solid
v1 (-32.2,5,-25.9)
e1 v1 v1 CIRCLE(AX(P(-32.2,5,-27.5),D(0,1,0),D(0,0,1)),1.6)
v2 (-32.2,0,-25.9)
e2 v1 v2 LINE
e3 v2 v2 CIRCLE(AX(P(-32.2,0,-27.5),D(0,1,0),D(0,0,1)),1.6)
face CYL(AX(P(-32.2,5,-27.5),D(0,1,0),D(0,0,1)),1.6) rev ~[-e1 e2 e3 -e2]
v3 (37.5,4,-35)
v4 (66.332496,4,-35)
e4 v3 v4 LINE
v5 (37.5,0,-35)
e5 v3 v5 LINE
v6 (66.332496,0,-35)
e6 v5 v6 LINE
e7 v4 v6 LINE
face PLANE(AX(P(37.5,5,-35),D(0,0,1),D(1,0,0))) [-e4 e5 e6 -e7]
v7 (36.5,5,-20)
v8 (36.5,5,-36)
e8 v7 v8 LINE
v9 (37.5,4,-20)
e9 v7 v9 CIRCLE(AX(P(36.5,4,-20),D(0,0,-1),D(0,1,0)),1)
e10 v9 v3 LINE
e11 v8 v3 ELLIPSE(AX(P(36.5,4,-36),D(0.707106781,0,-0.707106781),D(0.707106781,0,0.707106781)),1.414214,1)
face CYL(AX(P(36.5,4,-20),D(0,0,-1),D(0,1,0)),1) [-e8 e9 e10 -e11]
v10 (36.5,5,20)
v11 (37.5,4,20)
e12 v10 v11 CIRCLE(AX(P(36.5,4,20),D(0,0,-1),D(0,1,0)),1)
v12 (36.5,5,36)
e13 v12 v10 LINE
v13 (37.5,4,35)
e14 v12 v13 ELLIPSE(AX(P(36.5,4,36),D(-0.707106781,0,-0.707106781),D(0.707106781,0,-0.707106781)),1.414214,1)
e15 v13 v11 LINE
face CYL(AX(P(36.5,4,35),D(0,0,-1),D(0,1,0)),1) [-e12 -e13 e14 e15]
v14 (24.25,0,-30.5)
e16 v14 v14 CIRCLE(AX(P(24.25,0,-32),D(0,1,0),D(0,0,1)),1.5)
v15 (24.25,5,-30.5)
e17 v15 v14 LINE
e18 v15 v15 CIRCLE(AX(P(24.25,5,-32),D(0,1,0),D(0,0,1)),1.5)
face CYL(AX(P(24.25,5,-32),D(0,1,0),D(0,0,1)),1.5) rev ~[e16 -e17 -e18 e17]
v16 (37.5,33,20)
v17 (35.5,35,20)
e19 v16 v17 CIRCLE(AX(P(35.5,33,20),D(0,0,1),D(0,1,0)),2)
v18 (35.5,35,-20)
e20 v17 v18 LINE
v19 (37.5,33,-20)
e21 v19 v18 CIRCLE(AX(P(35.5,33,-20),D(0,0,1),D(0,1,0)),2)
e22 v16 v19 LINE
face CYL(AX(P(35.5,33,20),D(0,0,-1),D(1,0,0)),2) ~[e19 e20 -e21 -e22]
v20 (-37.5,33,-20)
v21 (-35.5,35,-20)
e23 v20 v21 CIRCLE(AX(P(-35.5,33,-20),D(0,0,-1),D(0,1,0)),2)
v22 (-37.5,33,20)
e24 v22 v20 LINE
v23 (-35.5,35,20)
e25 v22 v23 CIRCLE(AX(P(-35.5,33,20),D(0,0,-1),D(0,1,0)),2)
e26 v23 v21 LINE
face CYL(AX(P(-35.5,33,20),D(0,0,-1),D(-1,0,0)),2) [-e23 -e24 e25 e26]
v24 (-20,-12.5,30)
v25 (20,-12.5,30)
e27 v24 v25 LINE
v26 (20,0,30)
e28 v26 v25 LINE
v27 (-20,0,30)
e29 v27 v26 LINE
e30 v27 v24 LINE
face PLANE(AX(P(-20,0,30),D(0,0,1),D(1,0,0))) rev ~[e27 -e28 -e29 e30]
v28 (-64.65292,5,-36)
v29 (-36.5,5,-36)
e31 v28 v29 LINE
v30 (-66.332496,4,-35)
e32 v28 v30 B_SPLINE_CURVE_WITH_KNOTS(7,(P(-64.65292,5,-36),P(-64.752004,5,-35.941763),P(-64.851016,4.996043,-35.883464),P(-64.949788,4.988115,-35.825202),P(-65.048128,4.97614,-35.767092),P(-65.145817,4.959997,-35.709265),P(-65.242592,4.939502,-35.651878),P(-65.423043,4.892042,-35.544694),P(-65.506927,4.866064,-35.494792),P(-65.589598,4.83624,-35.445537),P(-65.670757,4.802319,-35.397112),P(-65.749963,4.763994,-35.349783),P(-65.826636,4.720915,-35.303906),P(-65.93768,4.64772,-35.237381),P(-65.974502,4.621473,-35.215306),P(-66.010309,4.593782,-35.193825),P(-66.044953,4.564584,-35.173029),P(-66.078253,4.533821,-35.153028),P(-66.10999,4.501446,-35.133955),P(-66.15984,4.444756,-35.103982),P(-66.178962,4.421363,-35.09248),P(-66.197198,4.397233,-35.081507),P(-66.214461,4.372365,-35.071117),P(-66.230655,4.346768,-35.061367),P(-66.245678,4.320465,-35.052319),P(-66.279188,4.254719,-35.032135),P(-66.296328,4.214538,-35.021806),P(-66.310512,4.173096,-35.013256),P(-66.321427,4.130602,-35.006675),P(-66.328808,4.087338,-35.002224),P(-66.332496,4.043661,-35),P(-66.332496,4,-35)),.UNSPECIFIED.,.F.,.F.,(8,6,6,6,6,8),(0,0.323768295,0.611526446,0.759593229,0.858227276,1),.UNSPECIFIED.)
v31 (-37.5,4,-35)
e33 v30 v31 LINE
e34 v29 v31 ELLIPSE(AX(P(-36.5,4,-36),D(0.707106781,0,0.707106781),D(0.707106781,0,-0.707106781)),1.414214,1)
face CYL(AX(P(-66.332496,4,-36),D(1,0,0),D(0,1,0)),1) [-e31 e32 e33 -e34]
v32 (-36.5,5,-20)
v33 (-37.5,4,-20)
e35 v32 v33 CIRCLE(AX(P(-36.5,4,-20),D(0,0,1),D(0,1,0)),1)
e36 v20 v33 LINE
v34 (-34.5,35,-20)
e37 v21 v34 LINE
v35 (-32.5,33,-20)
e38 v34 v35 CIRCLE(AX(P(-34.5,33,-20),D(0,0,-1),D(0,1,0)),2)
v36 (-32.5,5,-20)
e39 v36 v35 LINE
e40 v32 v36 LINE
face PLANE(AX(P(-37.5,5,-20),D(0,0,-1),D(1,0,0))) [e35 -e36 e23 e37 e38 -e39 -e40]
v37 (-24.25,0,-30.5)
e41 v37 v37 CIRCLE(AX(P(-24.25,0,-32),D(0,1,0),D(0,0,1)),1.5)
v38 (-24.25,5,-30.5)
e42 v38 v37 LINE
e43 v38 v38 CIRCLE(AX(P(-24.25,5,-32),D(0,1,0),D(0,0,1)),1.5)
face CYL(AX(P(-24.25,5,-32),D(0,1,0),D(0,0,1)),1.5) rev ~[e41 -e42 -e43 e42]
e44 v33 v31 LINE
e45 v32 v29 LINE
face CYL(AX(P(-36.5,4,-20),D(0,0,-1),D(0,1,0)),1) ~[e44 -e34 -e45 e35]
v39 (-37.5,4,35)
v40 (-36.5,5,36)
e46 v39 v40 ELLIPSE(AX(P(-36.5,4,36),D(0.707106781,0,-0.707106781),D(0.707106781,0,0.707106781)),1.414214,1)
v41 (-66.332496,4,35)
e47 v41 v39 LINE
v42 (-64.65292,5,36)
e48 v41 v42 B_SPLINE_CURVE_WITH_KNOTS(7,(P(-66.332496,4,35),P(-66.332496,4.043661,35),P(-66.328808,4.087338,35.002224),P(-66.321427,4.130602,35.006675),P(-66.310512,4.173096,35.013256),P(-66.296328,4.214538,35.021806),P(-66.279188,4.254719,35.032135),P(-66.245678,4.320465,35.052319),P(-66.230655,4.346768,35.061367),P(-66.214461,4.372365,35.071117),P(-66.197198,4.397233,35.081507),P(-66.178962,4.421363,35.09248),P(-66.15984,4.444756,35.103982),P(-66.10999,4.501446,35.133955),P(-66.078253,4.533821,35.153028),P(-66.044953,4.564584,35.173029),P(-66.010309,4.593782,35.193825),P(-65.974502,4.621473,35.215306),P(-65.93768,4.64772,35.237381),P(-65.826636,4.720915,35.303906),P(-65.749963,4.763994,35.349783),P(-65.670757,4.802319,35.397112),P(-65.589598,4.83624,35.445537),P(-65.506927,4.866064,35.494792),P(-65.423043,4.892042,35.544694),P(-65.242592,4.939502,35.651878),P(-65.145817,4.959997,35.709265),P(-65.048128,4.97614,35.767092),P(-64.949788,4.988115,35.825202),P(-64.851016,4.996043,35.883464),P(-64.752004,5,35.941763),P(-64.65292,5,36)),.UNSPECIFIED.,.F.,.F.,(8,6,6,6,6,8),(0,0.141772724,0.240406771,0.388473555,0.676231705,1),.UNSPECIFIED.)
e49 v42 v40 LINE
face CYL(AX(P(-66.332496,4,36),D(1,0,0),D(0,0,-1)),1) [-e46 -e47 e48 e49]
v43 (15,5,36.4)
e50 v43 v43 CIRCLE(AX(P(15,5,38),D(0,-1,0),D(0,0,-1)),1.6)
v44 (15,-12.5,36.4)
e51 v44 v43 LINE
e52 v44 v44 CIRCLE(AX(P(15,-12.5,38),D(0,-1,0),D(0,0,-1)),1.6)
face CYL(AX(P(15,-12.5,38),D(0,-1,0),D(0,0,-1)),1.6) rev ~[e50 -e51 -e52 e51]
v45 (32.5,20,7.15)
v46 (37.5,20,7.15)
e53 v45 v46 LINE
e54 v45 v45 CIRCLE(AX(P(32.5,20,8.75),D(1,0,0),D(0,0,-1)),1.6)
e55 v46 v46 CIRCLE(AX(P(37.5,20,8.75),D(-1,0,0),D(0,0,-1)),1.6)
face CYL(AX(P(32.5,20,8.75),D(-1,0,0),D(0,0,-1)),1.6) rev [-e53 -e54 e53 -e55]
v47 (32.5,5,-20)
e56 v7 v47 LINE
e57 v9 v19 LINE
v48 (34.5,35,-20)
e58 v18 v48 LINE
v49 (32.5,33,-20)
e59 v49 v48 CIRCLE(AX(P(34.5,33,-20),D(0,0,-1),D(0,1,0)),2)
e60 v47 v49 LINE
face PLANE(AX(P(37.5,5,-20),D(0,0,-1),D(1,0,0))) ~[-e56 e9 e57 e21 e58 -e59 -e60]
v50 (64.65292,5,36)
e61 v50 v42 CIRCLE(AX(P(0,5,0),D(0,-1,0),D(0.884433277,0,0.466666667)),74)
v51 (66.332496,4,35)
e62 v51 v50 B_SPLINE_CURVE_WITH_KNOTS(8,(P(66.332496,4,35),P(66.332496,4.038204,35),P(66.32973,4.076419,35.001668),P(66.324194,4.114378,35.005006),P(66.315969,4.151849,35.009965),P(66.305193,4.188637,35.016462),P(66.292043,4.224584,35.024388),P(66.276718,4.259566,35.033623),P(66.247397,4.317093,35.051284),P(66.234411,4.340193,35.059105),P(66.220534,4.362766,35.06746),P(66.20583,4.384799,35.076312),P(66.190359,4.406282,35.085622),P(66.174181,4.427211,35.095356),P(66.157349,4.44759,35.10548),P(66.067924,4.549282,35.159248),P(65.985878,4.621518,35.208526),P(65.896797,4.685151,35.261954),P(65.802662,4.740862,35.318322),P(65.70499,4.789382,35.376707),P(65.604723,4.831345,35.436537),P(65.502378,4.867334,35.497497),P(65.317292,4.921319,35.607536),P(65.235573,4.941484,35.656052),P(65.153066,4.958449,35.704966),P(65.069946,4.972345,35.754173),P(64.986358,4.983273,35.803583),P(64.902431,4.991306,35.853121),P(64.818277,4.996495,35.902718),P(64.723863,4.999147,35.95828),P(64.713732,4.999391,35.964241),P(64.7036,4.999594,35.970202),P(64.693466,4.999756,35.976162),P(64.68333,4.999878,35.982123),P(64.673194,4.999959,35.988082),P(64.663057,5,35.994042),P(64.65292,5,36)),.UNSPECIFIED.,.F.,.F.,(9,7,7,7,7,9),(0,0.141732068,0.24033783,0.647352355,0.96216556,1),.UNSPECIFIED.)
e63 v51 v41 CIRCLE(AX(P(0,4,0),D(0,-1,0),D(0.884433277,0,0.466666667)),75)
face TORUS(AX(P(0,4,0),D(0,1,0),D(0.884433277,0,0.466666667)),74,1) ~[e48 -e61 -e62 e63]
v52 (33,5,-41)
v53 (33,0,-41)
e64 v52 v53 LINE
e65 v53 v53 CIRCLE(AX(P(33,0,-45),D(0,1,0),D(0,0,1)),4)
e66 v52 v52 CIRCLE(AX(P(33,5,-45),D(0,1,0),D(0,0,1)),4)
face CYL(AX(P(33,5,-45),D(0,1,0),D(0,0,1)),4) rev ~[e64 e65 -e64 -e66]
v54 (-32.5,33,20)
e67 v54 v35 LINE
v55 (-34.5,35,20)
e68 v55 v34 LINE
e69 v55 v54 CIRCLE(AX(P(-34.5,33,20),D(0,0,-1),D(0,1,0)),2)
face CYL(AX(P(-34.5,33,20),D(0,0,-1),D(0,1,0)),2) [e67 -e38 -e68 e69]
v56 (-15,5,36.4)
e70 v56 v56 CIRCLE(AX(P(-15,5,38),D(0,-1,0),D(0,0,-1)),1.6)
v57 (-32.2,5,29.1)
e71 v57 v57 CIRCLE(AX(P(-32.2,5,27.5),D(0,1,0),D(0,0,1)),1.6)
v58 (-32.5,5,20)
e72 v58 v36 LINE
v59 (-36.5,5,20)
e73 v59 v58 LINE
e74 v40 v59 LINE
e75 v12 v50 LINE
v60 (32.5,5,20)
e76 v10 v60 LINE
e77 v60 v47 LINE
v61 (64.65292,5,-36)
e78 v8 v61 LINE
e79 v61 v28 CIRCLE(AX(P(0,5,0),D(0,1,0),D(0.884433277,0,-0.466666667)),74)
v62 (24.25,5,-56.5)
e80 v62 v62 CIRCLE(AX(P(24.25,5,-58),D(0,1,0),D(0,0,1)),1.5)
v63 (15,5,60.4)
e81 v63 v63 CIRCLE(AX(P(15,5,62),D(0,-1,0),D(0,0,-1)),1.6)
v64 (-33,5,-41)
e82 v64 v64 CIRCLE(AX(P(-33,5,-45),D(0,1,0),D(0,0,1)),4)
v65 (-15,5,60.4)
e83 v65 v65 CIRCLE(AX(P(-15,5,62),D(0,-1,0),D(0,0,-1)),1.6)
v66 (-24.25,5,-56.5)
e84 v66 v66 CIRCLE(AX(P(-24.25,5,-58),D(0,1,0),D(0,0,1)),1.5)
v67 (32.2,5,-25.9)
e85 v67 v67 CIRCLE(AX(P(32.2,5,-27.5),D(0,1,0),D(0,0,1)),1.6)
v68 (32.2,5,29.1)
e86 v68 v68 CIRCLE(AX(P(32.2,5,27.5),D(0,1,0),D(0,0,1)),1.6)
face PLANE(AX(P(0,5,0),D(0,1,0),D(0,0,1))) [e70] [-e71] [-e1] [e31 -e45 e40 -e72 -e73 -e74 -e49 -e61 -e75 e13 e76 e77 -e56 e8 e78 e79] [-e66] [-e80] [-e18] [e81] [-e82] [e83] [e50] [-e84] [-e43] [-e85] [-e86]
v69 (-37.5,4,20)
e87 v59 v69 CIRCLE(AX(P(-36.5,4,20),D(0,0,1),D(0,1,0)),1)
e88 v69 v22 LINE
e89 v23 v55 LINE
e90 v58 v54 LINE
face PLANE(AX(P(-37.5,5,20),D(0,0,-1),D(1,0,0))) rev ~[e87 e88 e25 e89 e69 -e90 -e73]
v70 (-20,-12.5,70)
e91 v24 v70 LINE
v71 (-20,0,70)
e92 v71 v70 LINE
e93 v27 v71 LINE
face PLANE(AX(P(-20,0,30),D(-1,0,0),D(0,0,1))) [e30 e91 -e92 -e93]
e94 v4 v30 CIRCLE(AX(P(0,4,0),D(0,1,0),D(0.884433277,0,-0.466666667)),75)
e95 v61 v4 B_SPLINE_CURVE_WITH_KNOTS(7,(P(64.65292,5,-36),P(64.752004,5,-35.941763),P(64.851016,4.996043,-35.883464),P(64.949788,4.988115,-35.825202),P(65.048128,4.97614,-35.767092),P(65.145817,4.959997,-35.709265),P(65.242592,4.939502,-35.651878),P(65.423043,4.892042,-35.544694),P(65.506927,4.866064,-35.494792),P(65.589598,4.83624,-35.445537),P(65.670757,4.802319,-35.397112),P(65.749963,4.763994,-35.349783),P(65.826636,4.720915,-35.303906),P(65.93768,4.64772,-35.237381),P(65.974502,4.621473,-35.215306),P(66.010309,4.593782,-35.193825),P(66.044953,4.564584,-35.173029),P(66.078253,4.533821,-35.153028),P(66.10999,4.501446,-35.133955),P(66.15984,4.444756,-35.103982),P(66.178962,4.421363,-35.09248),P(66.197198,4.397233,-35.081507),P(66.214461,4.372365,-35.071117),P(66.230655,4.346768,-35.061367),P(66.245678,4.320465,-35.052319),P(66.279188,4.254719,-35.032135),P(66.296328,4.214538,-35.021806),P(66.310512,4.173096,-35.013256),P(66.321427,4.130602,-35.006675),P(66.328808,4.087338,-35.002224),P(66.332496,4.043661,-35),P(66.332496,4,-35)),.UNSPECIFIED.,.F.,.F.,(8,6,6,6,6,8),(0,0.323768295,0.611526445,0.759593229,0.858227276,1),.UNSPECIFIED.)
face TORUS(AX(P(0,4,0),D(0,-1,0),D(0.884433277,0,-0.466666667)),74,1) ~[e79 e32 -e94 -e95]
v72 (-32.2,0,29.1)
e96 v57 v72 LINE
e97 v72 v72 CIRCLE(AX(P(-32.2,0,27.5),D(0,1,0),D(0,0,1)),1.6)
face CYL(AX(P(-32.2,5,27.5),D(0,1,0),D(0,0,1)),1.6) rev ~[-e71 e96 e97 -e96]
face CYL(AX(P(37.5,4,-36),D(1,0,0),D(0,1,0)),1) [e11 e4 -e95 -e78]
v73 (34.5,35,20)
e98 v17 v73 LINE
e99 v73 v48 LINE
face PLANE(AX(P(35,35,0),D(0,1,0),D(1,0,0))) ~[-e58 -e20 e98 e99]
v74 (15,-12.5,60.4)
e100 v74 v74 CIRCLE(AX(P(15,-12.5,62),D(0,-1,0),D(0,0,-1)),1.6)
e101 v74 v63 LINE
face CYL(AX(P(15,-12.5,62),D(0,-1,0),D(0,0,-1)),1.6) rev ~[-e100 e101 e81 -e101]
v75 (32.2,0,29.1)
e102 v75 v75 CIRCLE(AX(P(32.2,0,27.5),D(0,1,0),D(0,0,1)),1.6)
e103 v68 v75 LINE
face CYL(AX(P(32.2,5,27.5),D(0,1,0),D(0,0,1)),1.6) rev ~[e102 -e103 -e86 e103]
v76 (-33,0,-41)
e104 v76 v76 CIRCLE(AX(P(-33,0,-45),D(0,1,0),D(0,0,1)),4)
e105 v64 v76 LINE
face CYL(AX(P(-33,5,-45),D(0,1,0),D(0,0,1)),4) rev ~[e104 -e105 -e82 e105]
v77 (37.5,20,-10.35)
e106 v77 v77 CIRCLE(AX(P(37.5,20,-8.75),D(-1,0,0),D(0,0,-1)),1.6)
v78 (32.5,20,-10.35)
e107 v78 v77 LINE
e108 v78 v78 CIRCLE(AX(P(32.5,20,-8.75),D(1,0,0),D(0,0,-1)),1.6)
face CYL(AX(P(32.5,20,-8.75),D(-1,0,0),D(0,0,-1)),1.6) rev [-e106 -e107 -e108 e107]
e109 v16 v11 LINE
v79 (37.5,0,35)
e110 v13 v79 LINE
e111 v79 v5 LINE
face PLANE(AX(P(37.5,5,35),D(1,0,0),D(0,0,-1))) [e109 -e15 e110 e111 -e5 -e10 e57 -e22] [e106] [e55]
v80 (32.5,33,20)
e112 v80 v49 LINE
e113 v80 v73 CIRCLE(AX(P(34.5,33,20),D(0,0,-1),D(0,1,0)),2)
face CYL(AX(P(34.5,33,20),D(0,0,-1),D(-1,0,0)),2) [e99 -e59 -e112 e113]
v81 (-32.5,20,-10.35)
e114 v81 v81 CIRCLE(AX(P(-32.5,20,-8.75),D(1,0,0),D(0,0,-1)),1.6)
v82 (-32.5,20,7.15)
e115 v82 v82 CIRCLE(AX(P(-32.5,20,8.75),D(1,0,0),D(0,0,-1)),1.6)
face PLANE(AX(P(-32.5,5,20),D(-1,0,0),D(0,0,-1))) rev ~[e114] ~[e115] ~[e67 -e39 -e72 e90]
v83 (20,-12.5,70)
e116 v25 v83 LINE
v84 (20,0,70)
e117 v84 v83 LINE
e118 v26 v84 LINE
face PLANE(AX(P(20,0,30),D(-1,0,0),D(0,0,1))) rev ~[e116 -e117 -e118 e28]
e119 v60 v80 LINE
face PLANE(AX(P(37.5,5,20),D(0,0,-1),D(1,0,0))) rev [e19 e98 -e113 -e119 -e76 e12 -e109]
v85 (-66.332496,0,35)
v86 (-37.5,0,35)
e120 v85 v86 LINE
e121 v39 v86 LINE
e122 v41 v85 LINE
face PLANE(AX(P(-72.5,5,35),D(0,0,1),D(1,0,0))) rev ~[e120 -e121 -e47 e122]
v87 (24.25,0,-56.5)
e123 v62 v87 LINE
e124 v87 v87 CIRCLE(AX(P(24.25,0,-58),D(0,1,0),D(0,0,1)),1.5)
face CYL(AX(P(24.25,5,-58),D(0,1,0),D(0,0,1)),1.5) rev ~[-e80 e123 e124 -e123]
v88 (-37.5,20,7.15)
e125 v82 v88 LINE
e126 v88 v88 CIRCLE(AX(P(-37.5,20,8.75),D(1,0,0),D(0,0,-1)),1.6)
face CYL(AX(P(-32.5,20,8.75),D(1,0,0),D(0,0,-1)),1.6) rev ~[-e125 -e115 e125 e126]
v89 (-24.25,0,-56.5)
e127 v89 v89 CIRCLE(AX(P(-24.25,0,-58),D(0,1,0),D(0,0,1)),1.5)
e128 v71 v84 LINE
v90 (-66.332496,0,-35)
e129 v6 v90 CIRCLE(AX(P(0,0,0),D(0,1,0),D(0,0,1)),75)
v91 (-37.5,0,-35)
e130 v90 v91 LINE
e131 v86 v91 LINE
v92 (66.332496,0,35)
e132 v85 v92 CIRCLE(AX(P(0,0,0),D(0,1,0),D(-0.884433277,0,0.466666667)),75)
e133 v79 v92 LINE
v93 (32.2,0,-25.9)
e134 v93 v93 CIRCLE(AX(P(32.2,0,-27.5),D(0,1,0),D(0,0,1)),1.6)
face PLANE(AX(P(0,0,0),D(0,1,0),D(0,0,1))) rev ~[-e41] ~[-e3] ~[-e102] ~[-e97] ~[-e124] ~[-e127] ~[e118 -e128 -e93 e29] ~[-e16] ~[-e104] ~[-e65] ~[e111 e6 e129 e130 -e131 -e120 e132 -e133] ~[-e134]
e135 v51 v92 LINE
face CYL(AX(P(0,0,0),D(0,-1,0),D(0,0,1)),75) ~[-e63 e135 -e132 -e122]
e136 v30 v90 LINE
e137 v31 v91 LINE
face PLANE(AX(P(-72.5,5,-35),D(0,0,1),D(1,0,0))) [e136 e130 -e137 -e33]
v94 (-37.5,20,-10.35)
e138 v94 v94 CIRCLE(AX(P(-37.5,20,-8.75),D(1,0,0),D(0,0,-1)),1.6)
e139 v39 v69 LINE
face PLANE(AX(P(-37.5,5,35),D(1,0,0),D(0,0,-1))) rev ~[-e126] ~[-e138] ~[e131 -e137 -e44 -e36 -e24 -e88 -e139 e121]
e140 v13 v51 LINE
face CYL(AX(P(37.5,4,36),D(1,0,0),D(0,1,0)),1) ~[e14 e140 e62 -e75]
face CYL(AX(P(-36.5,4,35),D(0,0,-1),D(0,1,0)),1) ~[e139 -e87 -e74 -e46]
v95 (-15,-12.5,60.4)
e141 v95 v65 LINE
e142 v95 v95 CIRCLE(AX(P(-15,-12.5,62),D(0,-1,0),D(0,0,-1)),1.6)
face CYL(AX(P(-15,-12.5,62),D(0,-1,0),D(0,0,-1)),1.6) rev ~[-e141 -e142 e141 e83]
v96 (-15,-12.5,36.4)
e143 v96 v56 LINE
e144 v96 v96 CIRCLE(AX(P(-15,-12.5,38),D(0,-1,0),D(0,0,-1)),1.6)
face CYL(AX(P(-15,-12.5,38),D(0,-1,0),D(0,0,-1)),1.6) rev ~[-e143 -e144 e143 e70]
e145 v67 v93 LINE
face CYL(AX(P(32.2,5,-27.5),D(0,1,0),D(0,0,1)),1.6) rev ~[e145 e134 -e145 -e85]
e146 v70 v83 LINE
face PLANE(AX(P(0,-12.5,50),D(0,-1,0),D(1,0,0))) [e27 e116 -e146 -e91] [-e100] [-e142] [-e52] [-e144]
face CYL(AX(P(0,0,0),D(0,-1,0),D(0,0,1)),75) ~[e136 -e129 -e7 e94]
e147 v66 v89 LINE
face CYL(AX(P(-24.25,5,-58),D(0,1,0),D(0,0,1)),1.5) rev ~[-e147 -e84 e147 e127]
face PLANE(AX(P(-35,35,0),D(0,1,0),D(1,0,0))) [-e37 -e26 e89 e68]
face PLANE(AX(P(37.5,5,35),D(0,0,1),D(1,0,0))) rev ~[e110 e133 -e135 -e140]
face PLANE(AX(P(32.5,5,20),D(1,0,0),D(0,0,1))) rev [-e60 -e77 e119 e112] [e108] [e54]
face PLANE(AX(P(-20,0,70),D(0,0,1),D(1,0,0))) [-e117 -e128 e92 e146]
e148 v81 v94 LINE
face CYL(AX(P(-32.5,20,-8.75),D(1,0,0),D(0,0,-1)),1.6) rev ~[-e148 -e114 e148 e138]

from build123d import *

# Parameters (mm, degrees)
SKETCH1_R           = 75
BOSS_EXTRUDE2_DEPTH = 5
SKETCH5_W           = 35
SKETCH5_H           = 70
CUT_EXTRUDE1_DEPTH  = 107.183802908
SKETCH6_W           = 5
SKETCH6_H           = 40
BOSS_EXTRUDE3_DEPTH = 30
SKETCH7_R           = 1.6
CUT_EXTRUDE2_DEPTH  = 136.669635512
SKETCH8_W           = 40
SKETCH8_H           = 40
BOSS_EXTRUDE5_DEPTH = 12.5
SKETCH9_R           = 1.6
CUT_EXTRUDE3_DEPTH  = 111.820801297
SKETCH10_R          = 1.6
SKETCH10_R_2        = 4
CUT_EXTRUDE8_DEPTH  = 105.522724802
SKETCH13_R          = 1.5
CUT_EXTRUDE9_DEPTH  = 105.522724802
FILLET1_R           = 1
FILLET2_R           = 2


with BuildPart() as part:
    # Sketch1 → Boss-Extrude2 (new body)
    with BuildSketch(Plane(origin=(0, 0, 0), x_dir=(1, 0, 0), z_dir=(0, 1, 0))):
        with Locations(Location((0, 0, 0), (0, 0, 270))):
            Circle(SKETCH1_R)
    extrude(amount=BOSS_EXTRUDE2_DEPTH)

    # Sketch5 → Cut-Extrude1 (cut, through all)
    with BuildSketch(Plane(origin=(0, 5, 0), x_dir=(1, 0, 0), z_dir=(0, 1, 0))):
        with Locations((55, 0)):
            Rectangle(SKETCH5_W, SKETCH5_H)
        with Locations((-55, 0)):
            Rectangle(SKETCH5_W, SKETCH5_H)
    extrude(amount=-CUT_EXTRUDE1_DEPTH, mode=Mode.SUBTRACT)


with BuildPart() as cut_extrude1_piece_1:
    # of the separate pieces the step leaves, piece 1, a body of its own (cut_extrude1_pieces)
    add(part.part.solids().sort_by_distance((-66.332495807, 0, 35))[0])

    # Sketch6 → Boss-Extrude3 (add)
    with BuildSketch(Plane(origin=(0, 5, 0), x_dir=(1, 0, 0), z_dir=(0, 1, 0))):
        with Locations((-35, 0)):
            Rectangle(SKETCH6_W, SKETCH6_H)
    boss_extrude3 = extrude(amount=BOSS_EXTRUDE3_DEPTH)

    # Sketch7 → Cut-Extrude2 (cut, through all)
    with BuildSketch(Plane(origin=(-32.5, 0, 0), x_dir=(0, 0, -1), z_dir=(1, 0, 0))):
        with Locations((-8.75, 20)):
            Circle(SKETCH7_R)
        with Locations((8.75, 20)):
            Circle(SKETCH7_R)
    cut_extrude2 = extrude(amount=-CUT_EXTRUDE2_DEPTH, mode=Mode.SUBTRACT)

    # Mirror1: Boss-Extrude3, Cut-Extrude2 across plane
    add(boss_extrude3.mirror(Plane(origin=(0, 0, 0), x_dir=(0, 0, 1), z_dir=(1, 0, 0))))
    add(cut_extrude2.mirror(Plane(origin=(0, 0, 0), x_dir=(0, 0, 1), z_dir=(1, 0, 0))), mode=Mode.SUBTRACT)

    # Sketch8 → Boss-Extrude5 (add)
    with BuildSketch(Plane.XZ):
        with Locations((0, 50)):
            Rectangle(SKETCH8_W, SKETCH8_H)
    extrude(amount=BOSS_EXTRUDE5_DEPTH)

    # Sketch9 → Cut-Extrude3 (cut, through all)
    with BuildSketch(Plane.XZ.offset(12.5)):
        with Locations(Location((-15, 62, 0), (0, 0, 270))):
            Circle(SKETCH9_R)
        with Locations(Location((15, 62, 0), (0, 0, 270))):
            Circle(SKETCH9_R)
        with Locations(Location((-15, 38, 0), (0, 0, 270))):
            Circle(SKETCH9_R)
        with Locations(Location((15, 38, 0), (0, 0, 270))):
            Circle(SKETCH9_R)
    extrude(amount=-CUT_EXTRUDE3_DEPTH, mode=Mode.SUBTRACT)

    # Sketch10 → Cut-Extrude8 (cut, through all)
    with BuildSketch(Plane(origin=(0, 5, 0), x_dir=(1, 0, 0), z_dir=(0, 1, 0))):
        with Locations(Location((32.2, 27.5, 0), (0, 0, 270))):
            Circle(SKETCH10_R)
        with Locations(Location((-32.2, 27.5, 0), (0, 0, 270))):
            Circle(SKETCH10_R)
        with Locations(Location((-32.2, -27.5, 0), (0, 0, 270))):
            Circle(SKETCH10_R)
        with Locations(Location((32.2, -27.5, 0), (0, 0, 270))):
            Circle(SKETCH10_R)
        with Locations(Location((-33, 45, 0), (0, 0, 270))):
            Circle(SKETCH10_R_2)
        with Locations(Location((33, 45, 0), (0, 0, 270))):
            Circle(SKETCH10_R_2)
    extrude(amount=-CUT_EXTRUDE8_DEPTH, mode=Mode.SUBTRACT)

    # Sketch13 → Cut-Extrude9 (cut, through all)
    with BuildSketch(Plane(origin=(0, 5, 0), x_dir=(1, 0, 0), z_dir=(0, 1, 0))):
        with Locations(Location((24.25, 58, 0), (0, 0, 270))):
            Circle(SKETCH13_R)
        with Locations(Location((-24.25, 58, 0), (0, 0, 270))):
            Circle(SKETCH13_R)
        with Locations(Location((-24.25, 32, 0), (0, 0, 270))):
            Circle(SKETCH13_R)
        with Locations(Location((24.25, 32, 0), (0, 0, 270))):
            Circle(SKETCH13_R)
    extrude(amount=-CUT_EXTRUDE9_DEPTH, mode=Mode.SUBTRACT)

    # Fillet1
    fillet1_edges = [cut_extrude1_piece_1.edges().sort_by_distance(p)[0] for p in [
        (0, 5, -75),
        (0, 5, 75),
        (51.916247904, 5, 35),
        (51.916247904, 5, -35),
        (37.5, 5, -27.5),
        (-51.916247904, 5, -35),
        (-51.916247904, 5, 35),
        (-37.5, 5, 27.5),
        (-37.5, 5, -27.5),
        (37.5, 5, 27.5),
    ]]
    fillet(fillet1_edges, radius=FILLET1_R)

    # Fillet2
    fillet2_edges = [cut_extrude1_piece_1.edges().sort_by_distance(p)[0] for p in [
        (-37.5, 35, 0),
        (-32.5, 35, 0),
        (37.5, 35, 0),
        (32.5, 35, 0),
    ]]
    fillet(fillet2_edges, radius=FILLET2_R)


with BuildPart() as cut_extrude1_piece_2:
    # of the separate pieces the step leaves, piece 2, a body of its own (cut_extrude1_pieces)
    add(part.part.solids().sort_by_distance((-72.5, 0, -19.20286437))[0])


with BuildPart() as cut_extrude1_piece_3:
    # of the separate pieces the step leaves, piece 3, a body of its own (cut_extrude1_pieces)
    add(part.part.solids().sort_by_distance((72.5, 0, 19.20286437))[0])


solid = cut_extrude1_piece_1.part
